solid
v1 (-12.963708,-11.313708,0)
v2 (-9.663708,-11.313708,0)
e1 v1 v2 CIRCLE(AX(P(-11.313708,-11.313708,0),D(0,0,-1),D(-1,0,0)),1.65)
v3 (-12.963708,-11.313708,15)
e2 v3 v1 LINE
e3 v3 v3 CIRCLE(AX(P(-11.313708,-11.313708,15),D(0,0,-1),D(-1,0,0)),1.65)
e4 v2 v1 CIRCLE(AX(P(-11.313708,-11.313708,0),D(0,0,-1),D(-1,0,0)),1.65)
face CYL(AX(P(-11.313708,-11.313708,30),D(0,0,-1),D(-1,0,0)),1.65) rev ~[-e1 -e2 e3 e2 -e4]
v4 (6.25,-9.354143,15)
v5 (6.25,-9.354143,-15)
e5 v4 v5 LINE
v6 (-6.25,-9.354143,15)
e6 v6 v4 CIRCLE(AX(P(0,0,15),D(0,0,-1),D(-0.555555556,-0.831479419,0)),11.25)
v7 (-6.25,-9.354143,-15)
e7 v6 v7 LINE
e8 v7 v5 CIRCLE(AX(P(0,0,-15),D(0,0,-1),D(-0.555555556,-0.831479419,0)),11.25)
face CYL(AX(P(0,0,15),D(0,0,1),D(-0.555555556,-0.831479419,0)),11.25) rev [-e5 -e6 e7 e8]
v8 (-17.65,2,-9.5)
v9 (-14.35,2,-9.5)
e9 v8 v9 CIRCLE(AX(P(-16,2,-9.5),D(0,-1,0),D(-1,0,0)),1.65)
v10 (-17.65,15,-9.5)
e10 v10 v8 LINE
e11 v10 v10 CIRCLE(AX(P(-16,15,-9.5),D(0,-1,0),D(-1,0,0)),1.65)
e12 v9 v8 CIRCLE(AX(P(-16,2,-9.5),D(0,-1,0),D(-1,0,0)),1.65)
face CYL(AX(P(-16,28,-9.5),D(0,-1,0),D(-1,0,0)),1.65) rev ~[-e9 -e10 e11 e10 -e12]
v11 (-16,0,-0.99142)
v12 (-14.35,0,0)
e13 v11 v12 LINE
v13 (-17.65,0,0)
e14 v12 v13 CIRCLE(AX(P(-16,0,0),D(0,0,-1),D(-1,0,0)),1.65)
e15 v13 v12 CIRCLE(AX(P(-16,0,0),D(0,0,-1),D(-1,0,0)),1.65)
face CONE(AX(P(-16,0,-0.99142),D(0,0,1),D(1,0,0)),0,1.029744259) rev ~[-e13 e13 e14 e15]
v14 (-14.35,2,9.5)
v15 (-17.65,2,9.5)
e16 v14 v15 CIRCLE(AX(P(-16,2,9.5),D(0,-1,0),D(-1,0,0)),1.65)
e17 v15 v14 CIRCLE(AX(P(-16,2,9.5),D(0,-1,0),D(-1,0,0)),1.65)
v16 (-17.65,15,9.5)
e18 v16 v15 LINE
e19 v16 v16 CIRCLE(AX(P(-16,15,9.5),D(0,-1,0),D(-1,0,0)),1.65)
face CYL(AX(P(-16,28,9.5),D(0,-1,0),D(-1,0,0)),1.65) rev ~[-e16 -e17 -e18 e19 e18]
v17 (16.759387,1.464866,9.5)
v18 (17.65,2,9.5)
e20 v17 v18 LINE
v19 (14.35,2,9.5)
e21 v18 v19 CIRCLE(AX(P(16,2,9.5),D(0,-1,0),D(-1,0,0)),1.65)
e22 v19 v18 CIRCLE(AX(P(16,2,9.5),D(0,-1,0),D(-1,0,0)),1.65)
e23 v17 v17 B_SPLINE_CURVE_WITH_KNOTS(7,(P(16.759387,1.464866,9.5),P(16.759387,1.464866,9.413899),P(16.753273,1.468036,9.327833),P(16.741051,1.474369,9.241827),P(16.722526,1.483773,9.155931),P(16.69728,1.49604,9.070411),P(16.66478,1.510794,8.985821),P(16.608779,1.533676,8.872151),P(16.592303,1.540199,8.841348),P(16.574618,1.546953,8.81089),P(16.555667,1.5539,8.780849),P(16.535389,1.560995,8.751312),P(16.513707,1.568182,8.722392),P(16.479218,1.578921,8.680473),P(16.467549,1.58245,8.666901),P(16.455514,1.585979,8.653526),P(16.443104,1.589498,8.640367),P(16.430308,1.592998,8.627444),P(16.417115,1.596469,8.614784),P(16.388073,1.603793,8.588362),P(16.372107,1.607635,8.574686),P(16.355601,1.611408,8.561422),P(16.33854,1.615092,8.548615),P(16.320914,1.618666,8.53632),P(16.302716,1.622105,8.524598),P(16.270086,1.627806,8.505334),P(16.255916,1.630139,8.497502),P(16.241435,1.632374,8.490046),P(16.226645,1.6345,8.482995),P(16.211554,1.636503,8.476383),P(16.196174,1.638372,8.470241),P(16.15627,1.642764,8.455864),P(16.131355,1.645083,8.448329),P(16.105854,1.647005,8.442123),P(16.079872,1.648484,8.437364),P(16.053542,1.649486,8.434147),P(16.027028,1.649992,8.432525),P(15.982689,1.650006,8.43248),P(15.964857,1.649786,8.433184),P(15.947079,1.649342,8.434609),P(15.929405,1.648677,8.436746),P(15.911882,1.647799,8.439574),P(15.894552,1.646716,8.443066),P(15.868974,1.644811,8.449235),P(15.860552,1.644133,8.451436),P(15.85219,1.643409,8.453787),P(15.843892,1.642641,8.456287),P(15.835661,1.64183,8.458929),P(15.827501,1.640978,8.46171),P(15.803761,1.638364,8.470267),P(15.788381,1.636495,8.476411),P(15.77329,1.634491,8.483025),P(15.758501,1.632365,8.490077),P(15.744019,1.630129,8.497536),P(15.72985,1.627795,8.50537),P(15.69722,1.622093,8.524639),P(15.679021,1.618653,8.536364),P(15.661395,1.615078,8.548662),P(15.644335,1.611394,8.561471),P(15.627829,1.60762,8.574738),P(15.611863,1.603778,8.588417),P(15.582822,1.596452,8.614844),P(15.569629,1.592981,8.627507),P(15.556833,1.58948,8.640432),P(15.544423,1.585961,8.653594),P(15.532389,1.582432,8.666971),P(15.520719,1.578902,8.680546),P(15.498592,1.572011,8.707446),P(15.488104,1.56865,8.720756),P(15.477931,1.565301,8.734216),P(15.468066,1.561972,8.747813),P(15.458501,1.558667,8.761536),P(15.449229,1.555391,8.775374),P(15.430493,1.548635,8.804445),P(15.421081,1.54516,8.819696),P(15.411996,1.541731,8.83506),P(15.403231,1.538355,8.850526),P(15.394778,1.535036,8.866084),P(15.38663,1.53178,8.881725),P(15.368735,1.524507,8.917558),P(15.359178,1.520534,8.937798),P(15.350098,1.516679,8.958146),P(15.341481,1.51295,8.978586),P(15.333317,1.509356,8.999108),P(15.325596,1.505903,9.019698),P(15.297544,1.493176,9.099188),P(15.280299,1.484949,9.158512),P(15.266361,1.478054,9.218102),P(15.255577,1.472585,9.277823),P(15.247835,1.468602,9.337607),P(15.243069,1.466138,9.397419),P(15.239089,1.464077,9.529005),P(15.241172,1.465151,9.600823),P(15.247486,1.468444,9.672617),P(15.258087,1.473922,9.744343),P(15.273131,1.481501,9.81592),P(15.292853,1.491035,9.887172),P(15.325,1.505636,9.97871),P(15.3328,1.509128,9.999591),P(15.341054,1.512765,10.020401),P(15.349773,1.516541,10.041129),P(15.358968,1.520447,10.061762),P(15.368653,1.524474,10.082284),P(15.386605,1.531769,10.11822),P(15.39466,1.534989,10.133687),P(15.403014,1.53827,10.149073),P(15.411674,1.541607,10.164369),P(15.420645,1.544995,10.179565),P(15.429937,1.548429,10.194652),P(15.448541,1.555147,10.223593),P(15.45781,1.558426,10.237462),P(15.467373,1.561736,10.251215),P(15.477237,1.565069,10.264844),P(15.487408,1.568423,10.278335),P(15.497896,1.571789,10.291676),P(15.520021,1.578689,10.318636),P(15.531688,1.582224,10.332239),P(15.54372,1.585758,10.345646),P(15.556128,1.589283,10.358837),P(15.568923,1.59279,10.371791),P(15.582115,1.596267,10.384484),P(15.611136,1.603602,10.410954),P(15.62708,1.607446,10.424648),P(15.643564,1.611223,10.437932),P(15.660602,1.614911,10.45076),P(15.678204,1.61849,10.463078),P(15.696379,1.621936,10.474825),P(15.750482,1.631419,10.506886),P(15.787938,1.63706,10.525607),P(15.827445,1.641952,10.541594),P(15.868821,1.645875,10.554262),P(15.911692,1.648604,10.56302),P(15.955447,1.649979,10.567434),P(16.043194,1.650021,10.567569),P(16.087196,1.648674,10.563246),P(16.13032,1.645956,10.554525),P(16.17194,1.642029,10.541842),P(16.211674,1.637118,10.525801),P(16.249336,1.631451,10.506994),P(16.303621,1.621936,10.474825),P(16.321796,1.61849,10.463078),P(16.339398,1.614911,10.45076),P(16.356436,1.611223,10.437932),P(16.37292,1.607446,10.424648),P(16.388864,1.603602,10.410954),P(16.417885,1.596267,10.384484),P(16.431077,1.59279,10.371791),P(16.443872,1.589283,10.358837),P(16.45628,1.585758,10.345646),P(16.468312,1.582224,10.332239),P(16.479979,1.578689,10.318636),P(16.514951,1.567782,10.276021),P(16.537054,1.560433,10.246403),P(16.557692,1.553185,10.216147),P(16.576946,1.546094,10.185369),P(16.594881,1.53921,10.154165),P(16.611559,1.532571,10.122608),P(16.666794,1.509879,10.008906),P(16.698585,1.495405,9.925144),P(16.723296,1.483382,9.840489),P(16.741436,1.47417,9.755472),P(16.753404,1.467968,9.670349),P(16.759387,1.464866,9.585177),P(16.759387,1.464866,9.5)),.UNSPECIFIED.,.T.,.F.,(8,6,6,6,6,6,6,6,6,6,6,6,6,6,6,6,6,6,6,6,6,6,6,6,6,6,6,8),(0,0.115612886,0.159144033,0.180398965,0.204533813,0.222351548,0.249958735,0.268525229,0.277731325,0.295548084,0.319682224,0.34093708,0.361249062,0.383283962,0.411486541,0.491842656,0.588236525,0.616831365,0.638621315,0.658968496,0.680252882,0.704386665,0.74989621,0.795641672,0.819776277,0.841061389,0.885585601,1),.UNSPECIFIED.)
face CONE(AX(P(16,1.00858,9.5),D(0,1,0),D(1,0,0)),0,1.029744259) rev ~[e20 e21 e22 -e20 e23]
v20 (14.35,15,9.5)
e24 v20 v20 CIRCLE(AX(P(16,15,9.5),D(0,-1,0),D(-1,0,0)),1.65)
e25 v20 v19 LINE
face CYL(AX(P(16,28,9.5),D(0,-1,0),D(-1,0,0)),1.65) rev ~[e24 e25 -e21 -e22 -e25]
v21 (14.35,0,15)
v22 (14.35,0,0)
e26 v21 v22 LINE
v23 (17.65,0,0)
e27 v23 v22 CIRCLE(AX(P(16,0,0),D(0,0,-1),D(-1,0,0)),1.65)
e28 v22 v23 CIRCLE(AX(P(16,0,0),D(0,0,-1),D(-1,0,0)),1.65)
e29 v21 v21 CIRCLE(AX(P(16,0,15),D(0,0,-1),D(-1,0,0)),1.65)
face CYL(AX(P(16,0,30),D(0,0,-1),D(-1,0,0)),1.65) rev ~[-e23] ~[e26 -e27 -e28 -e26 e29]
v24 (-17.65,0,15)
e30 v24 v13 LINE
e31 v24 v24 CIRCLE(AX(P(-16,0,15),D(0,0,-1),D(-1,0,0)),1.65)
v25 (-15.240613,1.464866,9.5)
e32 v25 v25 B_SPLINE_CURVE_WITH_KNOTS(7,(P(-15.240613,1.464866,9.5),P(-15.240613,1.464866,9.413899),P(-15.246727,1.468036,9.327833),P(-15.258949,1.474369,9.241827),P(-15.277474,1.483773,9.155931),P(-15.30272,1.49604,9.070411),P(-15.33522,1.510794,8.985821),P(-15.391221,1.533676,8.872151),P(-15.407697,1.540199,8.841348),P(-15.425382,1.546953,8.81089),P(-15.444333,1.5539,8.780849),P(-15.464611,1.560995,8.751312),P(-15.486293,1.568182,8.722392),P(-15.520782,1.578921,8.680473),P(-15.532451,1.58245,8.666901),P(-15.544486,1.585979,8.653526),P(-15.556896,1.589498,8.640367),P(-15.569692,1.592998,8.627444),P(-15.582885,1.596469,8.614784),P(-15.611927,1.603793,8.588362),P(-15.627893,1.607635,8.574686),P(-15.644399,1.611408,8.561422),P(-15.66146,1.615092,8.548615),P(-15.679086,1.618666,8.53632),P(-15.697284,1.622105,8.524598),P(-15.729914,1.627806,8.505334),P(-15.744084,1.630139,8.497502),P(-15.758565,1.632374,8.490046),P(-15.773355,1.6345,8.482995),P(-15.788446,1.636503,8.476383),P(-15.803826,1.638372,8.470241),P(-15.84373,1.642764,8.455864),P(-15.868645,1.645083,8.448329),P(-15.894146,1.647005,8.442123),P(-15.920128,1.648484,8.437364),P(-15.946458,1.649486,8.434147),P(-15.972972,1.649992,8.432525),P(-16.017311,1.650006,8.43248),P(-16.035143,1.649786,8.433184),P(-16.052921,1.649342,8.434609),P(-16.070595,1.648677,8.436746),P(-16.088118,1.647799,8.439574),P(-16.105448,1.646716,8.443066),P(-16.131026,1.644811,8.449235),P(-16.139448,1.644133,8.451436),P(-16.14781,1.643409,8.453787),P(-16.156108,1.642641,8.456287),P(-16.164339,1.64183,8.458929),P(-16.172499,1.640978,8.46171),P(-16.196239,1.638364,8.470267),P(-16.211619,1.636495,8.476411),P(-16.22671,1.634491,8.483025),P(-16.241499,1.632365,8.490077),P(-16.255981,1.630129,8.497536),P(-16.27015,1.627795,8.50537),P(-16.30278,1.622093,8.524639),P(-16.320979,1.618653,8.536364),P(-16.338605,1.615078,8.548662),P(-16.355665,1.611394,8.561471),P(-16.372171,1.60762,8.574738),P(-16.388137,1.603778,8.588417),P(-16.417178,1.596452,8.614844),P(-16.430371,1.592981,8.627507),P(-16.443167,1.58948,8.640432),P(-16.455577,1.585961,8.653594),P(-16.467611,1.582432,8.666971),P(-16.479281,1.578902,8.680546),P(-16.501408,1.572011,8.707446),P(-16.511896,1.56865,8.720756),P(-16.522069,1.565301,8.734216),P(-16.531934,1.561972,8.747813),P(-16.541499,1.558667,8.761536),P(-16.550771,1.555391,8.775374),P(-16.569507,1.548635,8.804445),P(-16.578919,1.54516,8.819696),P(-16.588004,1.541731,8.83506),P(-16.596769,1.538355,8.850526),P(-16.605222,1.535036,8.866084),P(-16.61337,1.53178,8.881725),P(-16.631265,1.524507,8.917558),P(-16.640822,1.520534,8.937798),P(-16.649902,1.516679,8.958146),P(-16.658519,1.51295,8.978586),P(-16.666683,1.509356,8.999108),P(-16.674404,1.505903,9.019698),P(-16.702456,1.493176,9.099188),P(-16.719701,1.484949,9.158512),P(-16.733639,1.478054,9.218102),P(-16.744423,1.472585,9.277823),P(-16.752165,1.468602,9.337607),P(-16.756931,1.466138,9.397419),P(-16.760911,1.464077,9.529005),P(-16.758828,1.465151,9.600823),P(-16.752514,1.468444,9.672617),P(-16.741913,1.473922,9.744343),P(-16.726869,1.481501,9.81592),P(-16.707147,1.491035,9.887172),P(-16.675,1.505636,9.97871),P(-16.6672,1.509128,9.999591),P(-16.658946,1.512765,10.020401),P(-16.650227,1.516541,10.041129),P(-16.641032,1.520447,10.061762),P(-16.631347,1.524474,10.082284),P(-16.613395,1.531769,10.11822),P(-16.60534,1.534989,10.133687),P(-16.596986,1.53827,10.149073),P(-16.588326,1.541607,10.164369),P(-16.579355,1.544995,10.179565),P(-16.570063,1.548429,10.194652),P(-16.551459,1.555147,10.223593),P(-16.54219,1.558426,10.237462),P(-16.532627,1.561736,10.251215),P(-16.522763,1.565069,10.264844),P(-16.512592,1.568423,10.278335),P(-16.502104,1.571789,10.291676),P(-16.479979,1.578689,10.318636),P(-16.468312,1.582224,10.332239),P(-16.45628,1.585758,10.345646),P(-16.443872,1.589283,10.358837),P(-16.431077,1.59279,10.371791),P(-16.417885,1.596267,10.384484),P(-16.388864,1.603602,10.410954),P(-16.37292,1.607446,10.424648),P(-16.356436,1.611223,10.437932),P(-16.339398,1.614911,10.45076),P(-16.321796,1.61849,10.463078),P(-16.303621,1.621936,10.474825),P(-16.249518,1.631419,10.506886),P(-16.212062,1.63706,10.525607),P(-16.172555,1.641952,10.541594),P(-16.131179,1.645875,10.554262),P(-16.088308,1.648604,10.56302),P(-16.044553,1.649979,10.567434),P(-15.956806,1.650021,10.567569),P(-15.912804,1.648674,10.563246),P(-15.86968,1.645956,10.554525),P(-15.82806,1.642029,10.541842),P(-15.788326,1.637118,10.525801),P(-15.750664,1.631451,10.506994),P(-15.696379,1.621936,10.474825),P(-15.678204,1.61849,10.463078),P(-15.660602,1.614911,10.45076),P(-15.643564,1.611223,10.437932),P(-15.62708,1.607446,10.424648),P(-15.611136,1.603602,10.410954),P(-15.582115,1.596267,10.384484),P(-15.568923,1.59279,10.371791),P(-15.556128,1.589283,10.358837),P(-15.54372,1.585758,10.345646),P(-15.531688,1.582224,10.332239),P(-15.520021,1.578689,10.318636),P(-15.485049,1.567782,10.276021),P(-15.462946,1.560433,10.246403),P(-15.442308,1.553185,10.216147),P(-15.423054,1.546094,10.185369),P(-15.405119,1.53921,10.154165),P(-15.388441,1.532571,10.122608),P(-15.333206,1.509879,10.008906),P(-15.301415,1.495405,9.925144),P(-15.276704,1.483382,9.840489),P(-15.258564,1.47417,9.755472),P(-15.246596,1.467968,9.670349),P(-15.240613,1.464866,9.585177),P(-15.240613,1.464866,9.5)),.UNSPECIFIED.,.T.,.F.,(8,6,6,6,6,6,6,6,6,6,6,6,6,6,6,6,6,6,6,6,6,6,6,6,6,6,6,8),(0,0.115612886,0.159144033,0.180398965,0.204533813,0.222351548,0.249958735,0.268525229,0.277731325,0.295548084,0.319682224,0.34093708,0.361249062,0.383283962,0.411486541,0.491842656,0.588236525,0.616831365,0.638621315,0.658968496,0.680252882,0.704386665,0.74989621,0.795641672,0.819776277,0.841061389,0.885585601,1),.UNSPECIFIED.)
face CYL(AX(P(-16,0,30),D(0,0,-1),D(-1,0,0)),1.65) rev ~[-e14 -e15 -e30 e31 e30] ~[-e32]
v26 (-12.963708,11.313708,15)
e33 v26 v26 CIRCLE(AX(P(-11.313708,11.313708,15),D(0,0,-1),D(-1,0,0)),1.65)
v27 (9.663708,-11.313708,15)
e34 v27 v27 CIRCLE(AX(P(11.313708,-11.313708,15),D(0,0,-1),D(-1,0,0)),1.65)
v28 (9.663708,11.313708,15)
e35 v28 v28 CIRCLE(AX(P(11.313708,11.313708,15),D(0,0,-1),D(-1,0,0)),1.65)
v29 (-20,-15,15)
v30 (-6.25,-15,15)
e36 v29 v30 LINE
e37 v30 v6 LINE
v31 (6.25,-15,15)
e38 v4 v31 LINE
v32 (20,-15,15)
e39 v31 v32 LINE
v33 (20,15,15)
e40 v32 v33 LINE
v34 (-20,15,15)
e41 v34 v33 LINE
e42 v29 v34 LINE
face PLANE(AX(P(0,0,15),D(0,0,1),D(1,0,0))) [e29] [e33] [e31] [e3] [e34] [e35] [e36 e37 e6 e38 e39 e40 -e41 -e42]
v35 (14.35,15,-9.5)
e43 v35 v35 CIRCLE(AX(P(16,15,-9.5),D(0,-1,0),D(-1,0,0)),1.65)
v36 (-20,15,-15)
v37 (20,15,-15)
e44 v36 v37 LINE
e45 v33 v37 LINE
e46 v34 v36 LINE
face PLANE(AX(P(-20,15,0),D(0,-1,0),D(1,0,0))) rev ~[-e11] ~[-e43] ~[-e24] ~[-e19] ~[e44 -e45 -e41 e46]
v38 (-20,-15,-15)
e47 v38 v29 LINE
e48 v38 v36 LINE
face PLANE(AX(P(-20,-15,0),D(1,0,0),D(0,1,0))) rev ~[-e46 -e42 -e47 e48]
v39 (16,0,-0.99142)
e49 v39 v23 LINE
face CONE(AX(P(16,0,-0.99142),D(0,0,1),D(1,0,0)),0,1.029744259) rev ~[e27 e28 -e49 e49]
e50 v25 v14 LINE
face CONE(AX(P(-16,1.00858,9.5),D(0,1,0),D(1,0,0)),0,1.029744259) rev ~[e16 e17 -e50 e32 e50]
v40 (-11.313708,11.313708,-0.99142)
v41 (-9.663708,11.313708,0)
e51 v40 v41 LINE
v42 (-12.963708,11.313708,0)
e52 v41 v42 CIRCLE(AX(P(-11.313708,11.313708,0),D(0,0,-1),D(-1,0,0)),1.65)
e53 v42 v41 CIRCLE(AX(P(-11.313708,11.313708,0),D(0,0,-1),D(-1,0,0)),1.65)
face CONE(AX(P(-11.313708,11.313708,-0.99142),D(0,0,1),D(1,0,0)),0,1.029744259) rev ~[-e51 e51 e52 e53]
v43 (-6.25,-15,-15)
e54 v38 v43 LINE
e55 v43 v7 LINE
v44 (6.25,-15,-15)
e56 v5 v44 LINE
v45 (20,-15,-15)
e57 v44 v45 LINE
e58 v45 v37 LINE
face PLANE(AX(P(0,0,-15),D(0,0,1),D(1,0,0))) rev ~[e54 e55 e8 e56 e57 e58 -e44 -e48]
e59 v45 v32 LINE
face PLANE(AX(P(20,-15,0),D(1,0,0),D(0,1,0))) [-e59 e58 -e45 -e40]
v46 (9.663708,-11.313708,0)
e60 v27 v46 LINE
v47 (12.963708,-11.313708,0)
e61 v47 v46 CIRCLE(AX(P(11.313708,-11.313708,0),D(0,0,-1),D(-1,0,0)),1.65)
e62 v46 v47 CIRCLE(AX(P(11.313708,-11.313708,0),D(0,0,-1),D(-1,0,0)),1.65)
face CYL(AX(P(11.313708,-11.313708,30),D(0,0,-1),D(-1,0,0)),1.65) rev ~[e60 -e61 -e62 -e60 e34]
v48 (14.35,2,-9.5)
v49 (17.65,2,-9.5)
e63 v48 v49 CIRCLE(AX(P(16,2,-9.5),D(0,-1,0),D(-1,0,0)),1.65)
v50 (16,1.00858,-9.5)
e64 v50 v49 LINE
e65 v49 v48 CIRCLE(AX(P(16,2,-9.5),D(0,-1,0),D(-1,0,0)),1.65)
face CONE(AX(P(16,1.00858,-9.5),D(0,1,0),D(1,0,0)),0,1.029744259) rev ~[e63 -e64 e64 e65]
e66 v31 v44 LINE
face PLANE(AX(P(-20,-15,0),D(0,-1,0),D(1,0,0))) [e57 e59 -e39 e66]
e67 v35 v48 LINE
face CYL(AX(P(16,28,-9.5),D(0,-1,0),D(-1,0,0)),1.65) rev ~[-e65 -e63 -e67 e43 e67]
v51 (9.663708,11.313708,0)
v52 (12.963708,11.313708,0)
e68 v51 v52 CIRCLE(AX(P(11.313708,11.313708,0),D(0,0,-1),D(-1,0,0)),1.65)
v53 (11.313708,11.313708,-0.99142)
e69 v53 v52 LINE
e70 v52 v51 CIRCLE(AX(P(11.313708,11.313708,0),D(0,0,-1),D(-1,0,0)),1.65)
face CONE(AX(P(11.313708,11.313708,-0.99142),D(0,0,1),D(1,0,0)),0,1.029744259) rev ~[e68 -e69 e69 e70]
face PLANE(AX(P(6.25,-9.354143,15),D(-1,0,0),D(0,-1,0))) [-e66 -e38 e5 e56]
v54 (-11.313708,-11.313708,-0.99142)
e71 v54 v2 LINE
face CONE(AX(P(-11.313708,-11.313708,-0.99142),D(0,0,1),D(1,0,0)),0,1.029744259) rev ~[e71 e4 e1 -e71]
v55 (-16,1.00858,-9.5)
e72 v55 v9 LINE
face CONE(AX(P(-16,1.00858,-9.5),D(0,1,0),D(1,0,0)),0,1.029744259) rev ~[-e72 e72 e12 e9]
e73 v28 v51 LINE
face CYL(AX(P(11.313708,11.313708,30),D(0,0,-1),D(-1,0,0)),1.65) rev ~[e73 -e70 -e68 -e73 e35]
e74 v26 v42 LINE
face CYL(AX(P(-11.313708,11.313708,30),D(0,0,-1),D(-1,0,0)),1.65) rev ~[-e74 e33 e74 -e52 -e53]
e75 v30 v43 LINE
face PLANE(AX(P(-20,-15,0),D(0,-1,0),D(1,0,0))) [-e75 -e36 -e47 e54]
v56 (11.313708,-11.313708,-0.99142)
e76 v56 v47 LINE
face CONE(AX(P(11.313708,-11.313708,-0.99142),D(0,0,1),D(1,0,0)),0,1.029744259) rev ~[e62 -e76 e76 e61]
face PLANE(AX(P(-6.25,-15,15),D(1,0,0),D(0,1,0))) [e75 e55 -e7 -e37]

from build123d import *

# Parameters (mm, degrees)
IZIM1_W                            = 40
IZIM1_H                            = 30
Y_KSEKLIK_EKSTR_ZYON1_DEPTH        = 15
KES_EKSTR_ZYON1_DEPTH              = 30
M4_TAPA_I_IN_Z_VANA_MATKAB_1_D     = 3.3
M4_TAPA_I_IN_Z_VANA_MATKAB_1_DEPTH = 15
M4_TAPA_I_IN_Z_VANA_MATKAB_1_TIP   = 0.991420021
M4_TAPA_I_IN_Z_VANA_MATKAB_3_D     = 3.3
M4_TAPA_I_IN_Z_VANA_MATKAB_3_DEPTH = 13
M4_TAPA_I_IN_Z_VANA_MATKAB_3_TIP   = 0.991420021


with BuildPart() as part:
    # Çizim1 → Yükseklik-Ekstrüzyon1 (new body, symmetric)
    with BuildSketch(Plane.XY):
        Rectangle(IZIM1_W, IZIM1_H)
    extrude(amount=Y_KSEKLIK_EKSTR_ZYON1_DEPTH, both=True)

    # Çizim2 → Kes-Ekstrüzyon1 (cut)
    with BuildSketch(Plane.XY.offset(15)):
        with BuildLine():
            Line((-6.25, -15), (-6.25, -9.354143467))
            ThreePointArc((-6.25, -9.354143467), (0, 11.25), (6.25, -9.354143467))
            Line((6.25, -9.354143467), (6.25, -15))
            Line((6.25, -15), (-6.25, -15))
        make_face()
    extrude(amount=-KES_EKSTR_ZYON1_DEPTH, mode=Mode.SUBTRACT)

    # M4 Tapa için Zıvana matkabı1
    with Locations(Plane(origin=(-11.313708499, 11.313708499, 15), x_dir=(1, 0, 0), z_dir=(0, 0, 1))):
        with Locations((0, 0), (-4.686291501, -11.313708499), (0, -22.627416998), (22.627416998, -22.627416998), (27.313708499, -11.313708499), (22.627416998, 0)):
            Hole(M4_TAPA_I_IN_Z_VANA_MATKAB_1_D / 2, depth=M4_TAPA_I_IN_Z_VANA_MATKAB_1_DEPTH)
            with Locations((0, 0, -(M4_TAPA_I_IN_Z_VANA_MATKAB_1_DEPTH + M4_TAPA_I_IN_Z_VANA_MATKAB_1_TIP / 2))):  # 118° drill point
                Cone(0, M4_TAPA_I_IN_Z_VANA_MATKAB_1_D / 2, M4_TAPA_I_IN_Z_VANA_MATKAB_1_TIP, mode=Mode.SUBTRACT)

    # M4 Tapa için Zıvana matkabı3
    with Locations(Plane(origin=(-16, 15, -9.5), x_dir=(1, 0, 0), z_dir=(0, 1, 0))):
        with Locations((0, 0), (0, -19), (32, 0), (32, -19)):
            Hole(M4_TAPA_I_IN_Z_VANA_MATKAB_3_D / 2, depth=M4_TAPA_I_IN_Z_VANA_MATKAB_3_DEPTH)
            with Locations((0, 0, -(M4_TAPA_I_IN_Z_VANA_MATKAB_3_DEPTH + M4_TAPA_I_IN_Z_VANA_MATKAB_3_TIP / 2))):  # 118° drill point
                Cone(0, M4_TAPA_I_IN_Z_VANA_MATKAB_3_D / 2, M4_TAPA_I_IN_Z_VANA_MATKAB_3_TIP, mode=Mode.SUBTRACT)


solid = part.part
